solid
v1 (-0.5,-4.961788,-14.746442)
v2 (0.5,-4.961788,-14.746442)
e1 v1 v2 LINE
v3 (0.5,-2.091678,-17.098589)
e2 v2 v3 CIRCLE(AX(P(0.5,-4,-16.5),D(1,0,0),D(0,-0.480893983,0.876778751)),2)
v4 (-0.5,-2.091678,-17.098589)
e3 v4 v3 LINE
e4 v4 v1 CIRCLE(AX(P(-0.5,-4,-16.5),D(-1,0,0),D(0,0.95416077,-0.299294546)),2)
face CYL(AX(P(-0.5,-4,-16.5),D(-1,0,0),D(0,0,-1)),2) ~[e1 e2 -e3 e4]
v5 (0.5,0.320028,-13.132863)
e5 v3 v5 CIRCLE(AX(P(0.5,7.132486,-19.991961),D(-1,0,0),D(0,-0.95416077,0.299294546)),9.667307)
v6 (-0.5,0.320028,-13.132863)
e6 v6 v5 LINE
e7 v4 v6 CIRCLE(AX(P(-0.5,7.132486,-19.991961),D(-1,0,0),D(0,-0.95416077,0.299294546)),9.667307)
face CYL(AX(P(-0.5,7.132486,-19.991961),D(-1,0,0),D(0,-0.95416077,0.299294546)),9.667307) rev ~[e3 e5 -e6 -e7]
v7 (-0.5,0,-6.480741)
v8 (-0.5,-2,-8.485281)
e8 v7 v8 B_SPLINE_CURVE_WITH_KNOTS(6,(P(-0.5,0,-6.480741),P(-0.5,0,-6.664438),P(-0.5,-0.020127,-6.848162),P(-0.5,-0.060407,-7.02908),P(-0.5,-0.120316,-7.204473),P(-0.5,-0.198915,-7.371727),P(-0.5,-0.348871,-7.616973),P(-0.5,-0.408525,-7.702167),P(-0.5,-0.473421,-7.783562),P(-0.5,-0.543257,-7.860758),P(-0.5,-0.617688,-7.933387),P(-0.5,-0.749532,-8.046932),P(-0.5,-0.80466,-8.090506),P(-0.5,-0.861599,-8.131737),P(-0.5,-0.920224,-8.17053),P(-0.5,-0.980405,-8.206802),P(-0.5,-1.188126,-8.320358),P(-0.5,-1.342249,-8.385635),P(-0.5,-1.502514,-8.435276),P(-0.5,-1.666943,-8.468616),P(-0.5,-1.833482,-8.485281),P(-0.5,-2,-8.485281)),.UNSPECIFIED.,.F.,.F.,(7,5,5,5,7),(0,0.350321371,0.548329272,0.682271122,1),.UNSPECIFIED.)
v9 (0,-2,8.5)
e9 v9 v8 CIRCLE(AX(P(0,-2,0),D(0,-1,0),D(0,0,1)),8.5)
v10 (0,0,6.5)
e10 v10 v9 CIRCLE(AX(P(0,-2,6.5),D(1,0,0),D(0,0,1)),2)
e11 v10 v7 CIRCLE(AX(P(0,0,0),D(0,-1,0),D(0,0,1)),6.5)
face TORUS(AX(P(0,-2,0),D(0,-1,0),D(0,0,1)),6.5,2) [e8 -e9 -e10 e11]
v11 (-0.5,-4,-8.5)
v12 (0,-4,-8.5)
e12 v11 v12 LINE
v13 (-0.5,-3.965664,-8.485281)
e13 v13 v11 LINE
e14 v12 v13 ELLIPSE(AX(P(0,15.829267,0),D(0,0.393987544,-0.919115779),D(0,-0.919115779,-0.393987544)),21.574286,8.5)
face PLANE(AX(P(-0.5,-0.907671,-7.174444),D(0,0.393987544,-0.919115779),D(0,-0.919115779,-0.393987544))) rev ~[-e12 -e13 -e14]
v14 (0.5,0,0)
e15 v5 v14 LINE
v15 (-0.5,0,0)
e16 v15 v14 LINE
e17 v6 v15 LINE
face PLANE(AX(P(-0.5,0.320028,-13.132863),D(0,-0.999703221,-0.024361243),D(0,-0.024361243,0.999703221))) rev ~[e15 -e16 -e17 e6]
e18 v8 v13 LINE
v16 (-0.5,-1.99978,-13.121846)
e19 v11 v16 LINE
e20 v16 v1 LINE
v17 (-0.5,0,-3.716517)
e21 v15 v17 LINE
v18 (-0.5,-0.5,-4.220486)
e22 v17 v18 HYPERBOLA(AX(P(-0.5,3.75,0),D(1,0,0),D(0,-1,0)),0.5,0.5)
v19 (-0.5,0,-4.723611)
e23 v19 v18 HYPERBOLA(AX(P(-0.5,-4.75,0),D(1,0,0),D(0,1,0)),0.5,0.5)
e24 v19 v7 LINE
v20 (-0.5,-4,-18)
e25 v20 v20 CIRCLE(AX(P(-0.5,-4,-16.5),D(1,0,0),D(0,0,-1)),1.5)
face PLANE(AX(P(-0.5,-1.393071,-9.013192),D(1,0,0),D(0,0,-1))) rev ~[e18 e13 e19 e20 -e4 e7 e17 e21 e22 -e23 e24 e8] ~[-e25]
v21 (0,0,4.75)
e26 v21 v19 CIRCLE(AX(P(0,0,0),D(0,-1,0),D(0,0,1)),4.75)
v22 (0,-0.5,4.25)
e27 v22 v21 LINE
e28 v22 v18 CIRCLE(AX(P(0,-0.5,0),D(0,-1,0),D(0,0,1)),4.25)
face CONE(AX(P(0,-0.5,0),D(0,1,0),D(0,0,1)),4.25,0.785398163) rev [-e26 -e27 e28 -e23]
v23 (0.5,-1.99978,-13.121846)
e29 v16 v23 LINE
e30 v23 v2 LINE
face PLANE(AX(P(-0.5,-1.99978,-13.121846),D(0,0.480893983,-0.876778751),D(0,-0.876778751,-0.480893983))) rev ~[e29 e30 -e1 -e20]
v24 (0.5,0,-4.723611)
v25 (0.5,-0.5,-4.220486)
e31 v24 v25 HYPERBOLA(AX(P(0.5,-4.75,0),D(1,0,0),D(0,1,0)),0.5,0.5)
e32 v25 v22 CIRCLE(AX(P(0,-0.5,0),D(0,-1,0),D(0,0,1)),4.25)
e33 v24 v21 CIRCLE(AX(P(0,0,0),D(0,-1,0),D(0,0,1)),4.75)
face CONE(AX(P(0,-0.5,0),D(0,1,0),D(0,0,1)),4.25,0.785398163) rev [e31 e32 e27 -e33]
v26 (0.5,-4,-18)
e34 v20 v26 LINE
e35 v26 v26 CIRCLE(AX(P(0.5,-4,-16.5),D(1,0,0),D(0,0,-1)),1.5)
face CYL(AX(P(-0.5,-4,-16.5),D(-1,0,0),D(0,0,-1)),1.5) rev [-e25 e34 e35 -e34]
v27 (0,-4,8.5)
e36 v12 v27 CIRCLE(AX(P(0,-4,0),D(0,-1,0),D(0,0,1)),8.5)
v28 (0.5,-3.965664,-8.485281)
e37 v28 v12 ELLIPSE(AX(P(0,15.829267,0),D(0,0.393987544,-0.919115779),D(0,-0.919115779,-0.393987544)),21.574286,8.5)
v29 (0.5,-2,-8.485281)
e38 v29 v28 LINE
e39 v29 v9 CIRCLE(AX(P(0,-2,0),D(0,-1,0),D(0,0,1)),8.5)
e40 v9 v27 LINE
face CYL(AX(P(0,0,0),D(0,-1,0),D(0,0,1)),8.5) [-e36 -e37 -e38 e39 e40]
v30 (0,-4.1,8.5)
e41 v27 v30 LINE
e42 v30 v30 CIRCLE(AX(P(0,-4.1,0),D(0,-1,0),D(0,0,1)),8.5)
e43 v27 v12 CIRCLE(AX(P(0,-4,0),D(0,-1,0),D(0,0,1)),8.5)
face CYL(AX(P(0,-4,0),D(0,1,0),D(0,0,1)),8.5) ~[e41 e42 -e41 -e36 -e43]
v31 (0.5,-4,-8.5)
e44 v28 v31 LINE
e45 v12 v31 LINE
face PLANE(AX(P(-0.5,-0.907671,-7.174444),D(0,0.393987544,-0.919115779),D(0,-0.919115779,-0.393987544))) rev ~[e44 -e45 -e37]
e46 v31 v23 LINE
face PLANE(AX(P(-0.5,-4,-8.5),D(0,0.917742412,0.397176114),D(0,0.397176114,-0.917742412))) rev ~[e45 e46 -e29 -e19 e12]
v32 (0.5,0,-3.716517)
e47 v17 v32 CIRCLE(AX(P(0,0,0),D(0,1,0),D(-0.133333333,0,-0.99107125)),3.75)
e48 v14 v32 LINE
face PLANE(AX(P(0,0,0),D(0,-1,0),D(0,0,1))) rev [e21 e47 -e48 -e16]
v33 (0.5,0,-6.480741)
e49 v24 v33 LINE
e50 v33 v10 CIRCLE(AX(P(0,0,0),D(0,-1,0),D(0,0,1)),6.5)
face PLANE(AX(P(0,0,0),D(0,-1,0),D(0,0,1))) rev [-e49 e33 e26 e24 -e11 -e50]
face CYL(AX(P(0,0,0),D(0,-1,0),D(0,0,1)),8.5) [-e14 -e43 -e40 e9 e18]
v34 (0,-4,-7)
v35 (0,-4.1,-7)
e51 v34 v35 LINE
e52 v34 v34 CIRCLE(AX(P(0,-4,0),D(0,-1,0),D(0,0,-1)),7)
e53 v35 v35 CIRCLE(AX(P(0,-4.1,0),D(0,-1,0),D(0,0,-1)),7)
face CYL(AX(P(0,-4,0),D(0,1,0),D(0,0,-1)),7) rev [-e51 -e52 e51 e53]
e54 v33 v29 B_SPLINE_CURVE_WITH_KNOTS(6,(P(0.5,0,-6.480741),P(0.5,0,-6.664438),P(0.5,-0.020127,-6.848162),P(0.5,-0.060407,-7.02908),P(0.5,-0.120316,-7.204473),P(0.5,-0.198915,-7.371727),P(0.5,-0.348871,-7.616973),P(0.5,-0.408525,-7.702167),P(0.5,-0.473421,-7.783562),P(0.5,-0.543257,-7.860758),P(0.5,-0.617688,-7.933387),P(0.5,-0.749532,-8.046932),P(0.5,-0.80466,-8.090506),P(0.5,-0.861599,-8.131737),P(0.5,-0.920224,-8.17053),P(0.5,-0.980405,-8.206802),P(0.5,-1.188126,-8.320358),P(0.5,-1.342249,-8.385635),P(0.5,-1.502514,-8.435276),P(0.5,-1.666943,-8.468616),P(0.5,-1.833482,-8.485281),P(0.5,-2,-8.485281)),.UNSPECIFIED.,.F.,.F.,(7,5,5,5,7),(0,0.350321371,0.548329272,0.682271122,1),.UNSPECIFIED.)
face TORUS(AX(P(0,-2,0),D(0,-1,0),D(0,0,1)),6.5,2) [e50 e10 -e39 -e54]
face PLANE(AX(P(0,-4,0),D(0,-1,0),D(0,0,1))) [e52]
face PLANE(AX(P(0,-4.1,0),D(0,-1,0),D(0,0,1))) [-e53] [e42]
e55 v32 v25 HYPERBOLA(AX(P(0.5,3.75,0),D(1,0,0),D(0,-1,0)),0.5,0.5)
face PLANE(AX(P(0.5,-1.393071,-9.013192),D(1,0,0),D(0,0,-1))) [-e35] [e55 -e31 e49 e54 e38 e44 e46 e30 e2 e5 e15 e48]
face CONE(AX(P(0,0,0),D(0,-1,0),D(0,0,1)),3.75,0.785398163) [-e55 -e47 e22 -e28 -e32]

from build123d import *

# Parameters (mm, degrees)
FILLET1_R                = 2
SKETCH5_R                = 8.5
SKETCH5_R_2              = 7
BOSS_EXTRUDE1_DEPTH      = 0.1
BOSS_EXTRUDE2_DEPTH      = 0.5
BOSS_EXTRUDE2_DEPTH_BACK = 0.5
SKETCH6_R                = 1.5


with BuildPart() as part:
    # Sketch4 → Revolve1 (revolve)
    with BuildSketch(Plane(origin=(0, 0, 0), x_dir=(0, 0, -1), z_dir=(1, 0, 0))):
        Polygon((0, 0), (-3.75, 0), (-4.25, -0.5), (-4.75, 0), (-8.5, 0), (-8.5, -4), (0, -4), align=None)
    revolve(axis=Axis((0, 1.890471386, 0), (0, -1, 0)))

    # Fillet1
    fillet1_edges = [part.edges().sort_by_distance(p)[0] for p in [
        (0, 0, -8.5),
    ]]
    fillet(fillet1_edges, radius=FILLET1_R)



with BuildPart() as body_2:
    # Sketch5 → Boss-Extrude1 (new body)
    with BuildSketch(Plane.XZ.offset(4)):
        Circle(SKETCH5_R)
        Circle(SKETCH5_R_2, mode=Mode.SUBTRACT)
    extrude(amount=BOSS_EXTRUDE1_DEPTH)


with BuildPart() as part_1:
    add(part.part)

    add(body_2.part)  # Boss-Extrude2 merges body 2
    # Sketch6 → Boss-Extrude2 (add, two sides: drawn at the far end of the back side and taken through both)
    with BuildSketch(Plane(origin=(0, 0, 0), x_dir=(0, 0, -1), z_dir=(1, 0, 0)).offset(-BOSS_EXTRUDE2_DEPTH_BACK)):
        with BuildLine():
            Line((13.132863069, 0.320027848), (0, 0))
            Line((0, 0), (0, -0.907670556))
            Line((0, -0.907670556), (7.174444166, -0.907670556))
            Line((7.174444166, -0.907670556), (8.5, -4))
            Line((8.5, -4), (13.12184584, -1.999779955))
            Line((13.12184584, -1.999779955), (14.746442499, -4.961787965))
            ThreePointArc((14.746442499, -4.961787965), (18.046890478, -5.267726252), (17.098589091, -2.09167846))
            ThreePointArc((17.098589091, -2.09167846), (14.968839585, -1.127360353), (13.132863069, 0.320027848))
        make_face()
        with Locations((16.5, -4)):
            Circle(SKETCH6_R, mode=Mode.SUBTRACT)
    extrude(amount=BOSS_EXTRUDE2_DEPTH + BOSS_EXTRUDE2_DEPTH_BACK)


solid = part_1.part
